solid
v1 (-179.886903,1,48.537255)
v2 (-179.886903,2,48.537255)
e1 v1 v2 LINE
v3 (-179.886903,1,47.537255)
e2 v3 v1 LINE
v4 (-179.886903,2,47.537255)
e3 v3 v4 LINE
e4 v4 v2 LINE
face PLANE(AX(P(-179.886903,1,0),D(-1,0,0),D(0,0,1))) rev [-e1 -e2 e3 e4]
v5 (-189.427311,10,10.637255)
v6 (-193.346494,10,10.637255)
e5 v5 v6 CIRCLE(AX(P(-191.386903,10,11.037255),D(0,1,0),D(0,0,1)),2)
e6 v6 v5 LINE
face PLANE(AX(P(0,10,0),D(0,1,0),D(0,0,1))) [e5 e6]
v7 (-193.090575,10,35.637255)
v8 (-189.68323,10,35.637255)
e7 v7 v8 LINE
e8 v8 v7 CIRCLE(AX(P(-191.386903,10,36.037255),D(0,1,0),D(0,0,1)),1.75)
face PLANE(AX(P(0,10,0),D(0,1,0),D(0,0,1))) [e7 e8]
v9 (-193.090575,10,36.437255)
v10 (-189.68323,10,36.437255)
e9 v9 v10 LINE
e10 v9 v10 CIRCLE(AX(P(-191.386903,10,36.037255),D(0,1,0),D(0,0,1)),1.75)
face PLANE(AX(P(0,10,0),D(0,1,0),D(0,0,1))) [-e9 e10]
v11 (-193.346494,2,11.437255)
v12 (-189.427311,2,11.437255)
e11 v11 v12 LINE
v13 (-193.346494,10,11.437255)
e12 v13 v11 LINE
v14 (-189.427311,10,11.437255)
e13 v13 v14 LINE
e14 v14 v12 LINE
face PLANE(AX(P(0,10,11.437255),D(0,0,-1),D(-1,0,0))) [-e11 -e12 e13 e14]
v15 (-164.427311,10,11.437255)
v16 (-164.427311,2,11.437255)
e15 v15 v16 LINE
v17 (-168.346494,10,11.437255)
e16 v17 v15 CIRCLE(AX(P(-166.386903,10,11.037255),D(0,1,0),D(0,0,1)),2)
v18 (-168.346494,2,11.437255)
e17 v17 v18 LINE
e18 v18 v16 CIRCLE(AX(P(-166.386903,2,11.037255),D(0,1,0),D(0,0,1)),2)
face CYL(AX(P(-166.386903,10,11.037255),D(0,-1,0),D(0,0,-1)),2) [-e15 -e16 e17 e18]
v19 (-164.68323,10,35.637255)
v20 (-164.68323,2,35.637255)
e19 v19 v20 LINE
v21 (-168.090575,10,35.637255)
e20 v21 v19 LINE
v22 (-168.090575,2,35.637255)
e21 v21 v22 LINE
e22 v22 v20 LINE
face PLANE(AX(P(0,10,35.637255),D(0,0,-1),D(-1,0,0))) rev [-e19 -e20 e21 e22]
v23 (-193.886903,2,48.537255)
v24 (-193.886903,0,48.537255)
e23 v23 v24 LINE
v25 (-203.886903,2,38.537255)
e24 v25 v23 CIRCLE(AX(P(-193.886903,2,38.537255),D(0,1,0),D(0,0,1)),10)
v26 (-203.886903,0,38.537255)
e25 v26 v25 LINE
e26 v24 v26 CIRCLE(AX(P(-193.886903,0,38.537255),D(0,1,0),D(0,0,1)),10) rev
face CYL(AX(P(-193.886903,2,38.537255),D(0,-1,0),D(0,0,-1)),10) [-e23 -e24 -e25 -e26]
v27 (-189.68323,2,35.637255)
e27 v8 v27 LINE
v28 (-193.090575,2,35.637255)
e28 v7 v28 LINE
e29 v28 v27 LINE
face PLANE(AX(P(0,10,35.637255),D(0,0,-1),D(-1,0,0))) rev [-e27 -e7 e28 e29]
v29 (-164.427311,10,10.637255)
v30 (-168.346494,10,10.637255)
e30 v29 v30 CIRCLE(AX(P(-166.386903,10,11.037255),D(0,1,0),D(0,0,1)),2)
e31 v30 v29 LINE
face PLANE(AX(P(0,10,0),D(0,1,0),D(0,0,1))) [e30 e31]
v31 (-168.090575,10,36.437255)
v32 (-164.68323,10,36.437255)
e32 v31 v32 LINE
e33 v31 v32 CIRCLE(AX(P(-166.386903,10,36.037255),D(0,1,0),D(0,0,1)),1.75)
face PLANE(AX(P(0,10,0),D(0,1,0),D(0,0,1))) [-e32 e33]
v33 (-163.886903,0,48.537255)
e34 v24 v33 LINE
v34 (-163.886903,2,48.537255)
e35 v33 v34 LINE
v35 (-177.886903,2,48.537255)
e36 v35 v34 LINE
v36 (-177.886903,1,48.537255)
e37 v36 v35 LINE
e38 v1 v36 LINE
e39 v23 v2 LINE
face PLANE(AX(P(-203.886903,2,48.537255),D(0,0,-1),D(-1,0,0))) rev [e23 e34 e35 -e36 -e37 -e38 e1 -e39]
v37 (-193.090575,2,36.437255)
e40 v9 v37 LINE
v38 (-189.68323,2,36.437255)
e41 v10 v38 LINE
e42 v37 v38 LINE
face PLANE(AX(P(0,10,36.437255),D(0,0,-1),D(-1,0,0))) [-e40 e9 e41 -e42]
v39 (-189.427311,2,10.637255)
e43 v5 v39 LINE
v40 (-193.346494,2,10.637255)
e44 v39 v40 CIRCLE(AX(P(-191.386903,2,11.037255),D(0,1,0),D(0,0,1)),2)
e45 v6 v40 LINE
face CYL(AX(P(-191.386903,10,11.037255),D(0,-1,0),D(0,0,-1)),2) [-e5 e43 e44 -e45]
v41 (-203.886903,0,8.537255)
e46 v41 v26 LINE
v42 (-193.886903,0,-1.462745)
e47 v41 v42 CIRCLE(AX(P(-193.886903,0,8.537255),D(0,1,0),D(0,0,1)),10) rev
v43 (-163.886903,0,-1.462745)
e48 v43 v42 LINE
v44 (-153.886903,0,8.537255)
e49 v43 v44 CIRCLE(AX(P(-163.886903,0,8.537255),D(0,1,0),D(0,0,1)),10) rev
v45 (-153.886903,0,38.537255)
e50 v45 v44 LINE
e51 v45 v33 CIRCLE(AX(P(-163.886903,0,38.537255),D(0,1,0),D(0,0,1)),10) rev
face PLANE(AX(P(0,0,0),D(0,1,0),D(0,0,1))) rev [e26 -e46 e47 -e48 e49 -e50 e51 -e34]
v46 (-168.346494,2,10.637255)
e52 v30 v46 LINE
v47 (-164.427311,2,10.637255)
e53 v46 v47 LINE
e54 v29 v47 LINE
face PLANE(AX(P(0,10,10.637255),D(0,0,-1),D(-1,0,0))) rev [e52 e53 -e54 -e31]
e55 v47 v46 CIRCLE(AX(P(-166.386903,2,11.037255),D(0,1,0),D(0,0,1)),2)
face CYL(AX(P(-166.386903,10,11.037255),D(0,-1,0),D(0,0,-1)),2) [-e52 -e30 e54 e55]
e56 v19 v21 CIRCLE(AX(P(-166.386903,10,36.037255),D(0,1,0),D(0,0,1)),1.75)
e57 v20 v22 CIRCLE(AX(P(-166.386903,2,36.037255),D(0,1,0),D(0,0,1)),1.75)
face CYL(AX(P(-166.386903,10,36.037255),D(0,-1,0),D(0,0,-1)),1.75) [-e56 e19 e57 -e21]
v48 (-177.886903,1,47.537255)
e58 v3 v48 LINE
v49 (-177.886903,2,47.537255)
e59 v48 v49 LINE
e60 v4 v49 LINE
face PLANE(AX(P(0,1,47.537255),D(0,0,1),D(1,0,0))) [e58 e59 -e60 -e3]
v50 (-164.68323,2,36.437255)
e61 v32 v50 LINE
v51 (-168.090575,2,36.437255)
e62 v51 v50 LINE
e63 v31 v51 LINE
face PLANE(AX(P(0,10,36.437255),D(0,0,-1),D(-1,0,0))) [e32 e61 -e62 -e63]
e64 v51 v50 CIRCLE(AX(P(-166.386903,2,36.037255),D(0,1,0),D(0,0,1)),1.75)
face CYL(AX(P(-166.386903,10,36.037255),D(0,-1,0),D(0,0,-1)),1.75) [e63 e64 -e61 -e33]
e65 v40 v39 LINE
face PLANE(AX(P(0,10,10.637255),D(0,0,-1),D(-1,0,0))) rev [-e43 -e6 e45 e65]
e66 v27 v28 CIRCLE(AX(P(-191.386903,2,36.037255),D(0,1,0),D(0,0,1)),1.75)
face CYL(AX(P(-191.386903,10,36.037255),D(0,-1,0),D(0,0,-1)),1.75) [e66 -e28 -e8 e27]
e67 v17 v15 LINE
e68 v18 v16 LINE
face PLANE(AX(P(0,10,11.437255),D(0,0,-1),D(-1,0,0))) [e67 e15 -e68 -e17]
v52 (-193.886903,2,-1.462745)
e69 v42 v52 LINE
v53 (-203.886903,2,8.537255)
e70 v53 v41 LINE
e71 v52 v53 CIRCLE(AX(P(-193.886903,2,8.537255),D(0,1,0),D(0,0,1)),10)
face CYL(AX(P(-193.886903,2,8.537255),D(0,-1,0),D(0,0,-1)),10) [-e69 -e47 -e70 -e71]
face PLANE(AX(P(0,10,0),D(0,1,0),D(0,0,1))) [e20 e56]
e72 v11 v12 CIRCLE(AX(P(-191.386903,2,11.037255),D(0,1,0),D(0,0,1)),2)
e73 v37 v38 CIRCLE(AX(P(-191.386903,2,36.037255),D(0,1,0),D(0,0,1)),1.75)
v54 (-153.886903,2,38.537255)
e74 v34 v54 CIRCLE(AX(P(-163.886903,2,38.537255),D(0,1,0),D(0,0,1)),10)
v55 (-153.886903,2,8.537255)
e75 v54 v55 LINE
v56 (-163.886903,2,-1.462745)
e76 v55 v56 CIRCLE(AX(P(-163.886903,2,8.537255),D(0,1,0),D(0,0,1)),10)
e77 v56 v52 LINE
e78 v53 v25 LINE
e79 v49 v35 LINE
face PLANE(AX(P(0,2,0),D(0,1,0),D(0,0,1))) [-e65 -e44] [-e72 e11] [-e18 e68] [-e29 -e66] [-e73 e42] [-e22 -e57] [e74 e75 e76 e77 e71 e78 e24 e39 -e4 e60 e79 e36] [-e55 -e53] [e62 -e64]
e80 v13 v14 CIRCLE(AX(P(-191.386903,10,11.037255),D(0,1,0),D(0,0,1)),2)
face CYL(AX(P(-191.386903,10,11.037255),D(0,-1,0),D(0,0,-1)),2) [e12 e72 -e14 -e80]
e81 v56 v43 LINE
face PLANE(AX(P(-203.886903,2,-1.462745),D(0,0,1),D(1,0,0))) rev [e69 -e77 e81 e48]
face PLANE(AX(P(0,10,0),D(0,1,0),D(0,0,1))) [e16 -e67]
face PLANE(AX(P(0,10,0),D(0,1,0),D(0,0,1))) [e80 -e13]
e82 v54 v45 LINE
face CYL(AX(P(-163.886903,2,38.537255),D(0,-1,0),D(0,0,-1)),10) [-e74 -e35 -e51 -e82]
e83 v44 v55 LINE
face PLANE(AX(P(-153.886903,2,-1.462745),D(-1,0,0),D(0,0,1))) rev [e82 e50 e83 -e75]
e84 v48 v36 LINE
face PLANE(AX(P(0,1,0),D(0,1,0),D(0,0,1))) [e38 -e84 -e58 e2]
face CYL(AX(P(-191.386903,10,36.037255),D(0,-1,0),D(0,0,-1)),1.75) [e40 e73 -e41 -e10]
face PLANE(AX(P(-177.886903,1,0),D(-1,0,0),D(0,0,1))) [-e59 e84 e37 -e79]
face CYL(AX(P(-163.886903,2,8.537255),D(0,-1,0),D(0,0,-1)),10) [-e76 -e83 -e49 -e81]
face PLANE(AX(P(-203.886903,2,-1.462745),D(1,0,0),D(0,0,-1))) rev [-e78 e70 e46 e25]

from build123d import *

# Parameters (mm, degrees)
SKETCH1_W           = 50
SKETCH1_H           = 50
BOSS_EXTRUDE1_DEPTH = 2
BOSS_EXTRUDE2_DEPTH = 8
FILLET1_R           = 10
CUT_EXTRUDE1_DEPTH  = 1


with BuildPart() as part:
    # Sketch1 → Boss-Extrude1 (new body)
    with BuildSketch(Plane(origin=(0, 0, 0), x_dir=(1, 0, 0), z_dir=(0, 1, 0))):
        with Locations((-178.886902591, -23.537255169)):
            Rectangle(SKETCH1_W, SKETCH1_H)
    extrude(amount=BOSS_EXTRUDE1_DEPTH)

    # Sketch2 → Boss-Extrude2 (add)
    with BuildSketch(Plane(origin=(0, 2, 0), x_dir=(1, 0, 0), z_dir=(0, 1, 0))):
        with BuildLine():
            Line((-189.683230088, -36.437255169), (-193.090575095, -36.437255169))
            ThreePointArc((-193.090575095, -36.437255169), (-191.386902591, -37.787255169), (-189.683230088, -36.437255169))
        make_face()
        with BuildLine():
            Line((-193.090575095, -35.637255169), (-191.386902591, -35.637255169))
            Line((-191.386902591, -35.637255169), (-189.683230088, -35.637255169))
            ThreePointArc((-189.683230088, -35.637255169), (-191.386902591, -34.287255169), (-193.090575095, -35.637255169))
        make_face()
        with BuildLine():
            Line((-168.090575095, -35.637255169), (-166.386902591, -35.637255169))
            Line((-166.386902591, -35.637255169), (-164.683230088, -35.637255169))
            ThreePointArc((-164.683230088, -35.637255169), (-166.386902591, -34.287255169), (-168.090575095, -35.637255169))
        make_face()
        with BuildLine():
            Line((-164.683230088, -36.437255169), (-168.090575095, -36.437255169))
            ThreePointArc((-168.090575095, -36.437255169), (-166.386902591, -37.787255169), (-164.683230088, -36.437255169))
        make_face()
        with BuildLine():
            Line((-193.346494385, -10.637255169), (-191.386902591, -10.637255169))
            Line((-191.386902591, -10.637255169), (-189.427310797, -10.637255169))
            ThreePointArc((-189.427310797, -10.637255169), (-191.386902591, -9.037255169), (-193.346494385, -10.637255169))
        make_face()
        with BuildLine():
            Line((-189.427310797, -11.437255169), (-193.346494385, -11.437255169))
            ThreePointArc((-193.346494385, -11.437255169), (-191.386902591, -13.037255169), (-189.427310797, -11.437255169))
        make_face()
        with BuildLine():
            Line((-168.346494385, -10.637255169), (-166.386902591, -10.637255169))
            Line((-166.386902591, -10.637255169), (-164.427310797, -10.637255169))
            ThreePointArc((-164.427310797, -10.637255169), (-166.386902591, -9.037255169), (-168.346494385, -10.637255169))
        make_face()
        with BuildLine():
            Line((-164.427310797, -11.437255169), (-168.346494385, -11.437255169))
            ThreePointArc((-168.346494385, -11.437255169), (-166.386902591, -13.037255169), (-164.427310797, -11.437255169))
        make_face()
    extrude(amount=BOSS_EXTRUDE2_DEPTH)

    # Fillet1
    fillet1_edges = [part.edges().sort_by_distance(p)[0] for p in [
        (-203.886902591, 1, -1.462744831),
        (-153.886902591, 1, -1.462744831),
        (-153.886902591, 1, 48.537255169),
        (-203.886902591, 1, 48.537255169),
    ]]
    fillet(fillet1_edges, radius=FILLET1_R)

    # Sketch3 → Cut-Extrude1 (cut)
    with BuildSketch(Plane(origin=(0, 2, 0), x_dir=(1, 0, 0), z_dir=(0, 1, 0))):
        Polygon((-177.886902591, -47.537255169), (-178.886902591, -47.537255169), (-179.886902591, -47.537255169), (-179.886902591, -48.537255169), (-177.886902591, -48.537255169), align=None)
    extrude(amount=-CUT_EXTRUDE1_DEPTH, mode=Mode.SUBTRACT)


solid = part.part
